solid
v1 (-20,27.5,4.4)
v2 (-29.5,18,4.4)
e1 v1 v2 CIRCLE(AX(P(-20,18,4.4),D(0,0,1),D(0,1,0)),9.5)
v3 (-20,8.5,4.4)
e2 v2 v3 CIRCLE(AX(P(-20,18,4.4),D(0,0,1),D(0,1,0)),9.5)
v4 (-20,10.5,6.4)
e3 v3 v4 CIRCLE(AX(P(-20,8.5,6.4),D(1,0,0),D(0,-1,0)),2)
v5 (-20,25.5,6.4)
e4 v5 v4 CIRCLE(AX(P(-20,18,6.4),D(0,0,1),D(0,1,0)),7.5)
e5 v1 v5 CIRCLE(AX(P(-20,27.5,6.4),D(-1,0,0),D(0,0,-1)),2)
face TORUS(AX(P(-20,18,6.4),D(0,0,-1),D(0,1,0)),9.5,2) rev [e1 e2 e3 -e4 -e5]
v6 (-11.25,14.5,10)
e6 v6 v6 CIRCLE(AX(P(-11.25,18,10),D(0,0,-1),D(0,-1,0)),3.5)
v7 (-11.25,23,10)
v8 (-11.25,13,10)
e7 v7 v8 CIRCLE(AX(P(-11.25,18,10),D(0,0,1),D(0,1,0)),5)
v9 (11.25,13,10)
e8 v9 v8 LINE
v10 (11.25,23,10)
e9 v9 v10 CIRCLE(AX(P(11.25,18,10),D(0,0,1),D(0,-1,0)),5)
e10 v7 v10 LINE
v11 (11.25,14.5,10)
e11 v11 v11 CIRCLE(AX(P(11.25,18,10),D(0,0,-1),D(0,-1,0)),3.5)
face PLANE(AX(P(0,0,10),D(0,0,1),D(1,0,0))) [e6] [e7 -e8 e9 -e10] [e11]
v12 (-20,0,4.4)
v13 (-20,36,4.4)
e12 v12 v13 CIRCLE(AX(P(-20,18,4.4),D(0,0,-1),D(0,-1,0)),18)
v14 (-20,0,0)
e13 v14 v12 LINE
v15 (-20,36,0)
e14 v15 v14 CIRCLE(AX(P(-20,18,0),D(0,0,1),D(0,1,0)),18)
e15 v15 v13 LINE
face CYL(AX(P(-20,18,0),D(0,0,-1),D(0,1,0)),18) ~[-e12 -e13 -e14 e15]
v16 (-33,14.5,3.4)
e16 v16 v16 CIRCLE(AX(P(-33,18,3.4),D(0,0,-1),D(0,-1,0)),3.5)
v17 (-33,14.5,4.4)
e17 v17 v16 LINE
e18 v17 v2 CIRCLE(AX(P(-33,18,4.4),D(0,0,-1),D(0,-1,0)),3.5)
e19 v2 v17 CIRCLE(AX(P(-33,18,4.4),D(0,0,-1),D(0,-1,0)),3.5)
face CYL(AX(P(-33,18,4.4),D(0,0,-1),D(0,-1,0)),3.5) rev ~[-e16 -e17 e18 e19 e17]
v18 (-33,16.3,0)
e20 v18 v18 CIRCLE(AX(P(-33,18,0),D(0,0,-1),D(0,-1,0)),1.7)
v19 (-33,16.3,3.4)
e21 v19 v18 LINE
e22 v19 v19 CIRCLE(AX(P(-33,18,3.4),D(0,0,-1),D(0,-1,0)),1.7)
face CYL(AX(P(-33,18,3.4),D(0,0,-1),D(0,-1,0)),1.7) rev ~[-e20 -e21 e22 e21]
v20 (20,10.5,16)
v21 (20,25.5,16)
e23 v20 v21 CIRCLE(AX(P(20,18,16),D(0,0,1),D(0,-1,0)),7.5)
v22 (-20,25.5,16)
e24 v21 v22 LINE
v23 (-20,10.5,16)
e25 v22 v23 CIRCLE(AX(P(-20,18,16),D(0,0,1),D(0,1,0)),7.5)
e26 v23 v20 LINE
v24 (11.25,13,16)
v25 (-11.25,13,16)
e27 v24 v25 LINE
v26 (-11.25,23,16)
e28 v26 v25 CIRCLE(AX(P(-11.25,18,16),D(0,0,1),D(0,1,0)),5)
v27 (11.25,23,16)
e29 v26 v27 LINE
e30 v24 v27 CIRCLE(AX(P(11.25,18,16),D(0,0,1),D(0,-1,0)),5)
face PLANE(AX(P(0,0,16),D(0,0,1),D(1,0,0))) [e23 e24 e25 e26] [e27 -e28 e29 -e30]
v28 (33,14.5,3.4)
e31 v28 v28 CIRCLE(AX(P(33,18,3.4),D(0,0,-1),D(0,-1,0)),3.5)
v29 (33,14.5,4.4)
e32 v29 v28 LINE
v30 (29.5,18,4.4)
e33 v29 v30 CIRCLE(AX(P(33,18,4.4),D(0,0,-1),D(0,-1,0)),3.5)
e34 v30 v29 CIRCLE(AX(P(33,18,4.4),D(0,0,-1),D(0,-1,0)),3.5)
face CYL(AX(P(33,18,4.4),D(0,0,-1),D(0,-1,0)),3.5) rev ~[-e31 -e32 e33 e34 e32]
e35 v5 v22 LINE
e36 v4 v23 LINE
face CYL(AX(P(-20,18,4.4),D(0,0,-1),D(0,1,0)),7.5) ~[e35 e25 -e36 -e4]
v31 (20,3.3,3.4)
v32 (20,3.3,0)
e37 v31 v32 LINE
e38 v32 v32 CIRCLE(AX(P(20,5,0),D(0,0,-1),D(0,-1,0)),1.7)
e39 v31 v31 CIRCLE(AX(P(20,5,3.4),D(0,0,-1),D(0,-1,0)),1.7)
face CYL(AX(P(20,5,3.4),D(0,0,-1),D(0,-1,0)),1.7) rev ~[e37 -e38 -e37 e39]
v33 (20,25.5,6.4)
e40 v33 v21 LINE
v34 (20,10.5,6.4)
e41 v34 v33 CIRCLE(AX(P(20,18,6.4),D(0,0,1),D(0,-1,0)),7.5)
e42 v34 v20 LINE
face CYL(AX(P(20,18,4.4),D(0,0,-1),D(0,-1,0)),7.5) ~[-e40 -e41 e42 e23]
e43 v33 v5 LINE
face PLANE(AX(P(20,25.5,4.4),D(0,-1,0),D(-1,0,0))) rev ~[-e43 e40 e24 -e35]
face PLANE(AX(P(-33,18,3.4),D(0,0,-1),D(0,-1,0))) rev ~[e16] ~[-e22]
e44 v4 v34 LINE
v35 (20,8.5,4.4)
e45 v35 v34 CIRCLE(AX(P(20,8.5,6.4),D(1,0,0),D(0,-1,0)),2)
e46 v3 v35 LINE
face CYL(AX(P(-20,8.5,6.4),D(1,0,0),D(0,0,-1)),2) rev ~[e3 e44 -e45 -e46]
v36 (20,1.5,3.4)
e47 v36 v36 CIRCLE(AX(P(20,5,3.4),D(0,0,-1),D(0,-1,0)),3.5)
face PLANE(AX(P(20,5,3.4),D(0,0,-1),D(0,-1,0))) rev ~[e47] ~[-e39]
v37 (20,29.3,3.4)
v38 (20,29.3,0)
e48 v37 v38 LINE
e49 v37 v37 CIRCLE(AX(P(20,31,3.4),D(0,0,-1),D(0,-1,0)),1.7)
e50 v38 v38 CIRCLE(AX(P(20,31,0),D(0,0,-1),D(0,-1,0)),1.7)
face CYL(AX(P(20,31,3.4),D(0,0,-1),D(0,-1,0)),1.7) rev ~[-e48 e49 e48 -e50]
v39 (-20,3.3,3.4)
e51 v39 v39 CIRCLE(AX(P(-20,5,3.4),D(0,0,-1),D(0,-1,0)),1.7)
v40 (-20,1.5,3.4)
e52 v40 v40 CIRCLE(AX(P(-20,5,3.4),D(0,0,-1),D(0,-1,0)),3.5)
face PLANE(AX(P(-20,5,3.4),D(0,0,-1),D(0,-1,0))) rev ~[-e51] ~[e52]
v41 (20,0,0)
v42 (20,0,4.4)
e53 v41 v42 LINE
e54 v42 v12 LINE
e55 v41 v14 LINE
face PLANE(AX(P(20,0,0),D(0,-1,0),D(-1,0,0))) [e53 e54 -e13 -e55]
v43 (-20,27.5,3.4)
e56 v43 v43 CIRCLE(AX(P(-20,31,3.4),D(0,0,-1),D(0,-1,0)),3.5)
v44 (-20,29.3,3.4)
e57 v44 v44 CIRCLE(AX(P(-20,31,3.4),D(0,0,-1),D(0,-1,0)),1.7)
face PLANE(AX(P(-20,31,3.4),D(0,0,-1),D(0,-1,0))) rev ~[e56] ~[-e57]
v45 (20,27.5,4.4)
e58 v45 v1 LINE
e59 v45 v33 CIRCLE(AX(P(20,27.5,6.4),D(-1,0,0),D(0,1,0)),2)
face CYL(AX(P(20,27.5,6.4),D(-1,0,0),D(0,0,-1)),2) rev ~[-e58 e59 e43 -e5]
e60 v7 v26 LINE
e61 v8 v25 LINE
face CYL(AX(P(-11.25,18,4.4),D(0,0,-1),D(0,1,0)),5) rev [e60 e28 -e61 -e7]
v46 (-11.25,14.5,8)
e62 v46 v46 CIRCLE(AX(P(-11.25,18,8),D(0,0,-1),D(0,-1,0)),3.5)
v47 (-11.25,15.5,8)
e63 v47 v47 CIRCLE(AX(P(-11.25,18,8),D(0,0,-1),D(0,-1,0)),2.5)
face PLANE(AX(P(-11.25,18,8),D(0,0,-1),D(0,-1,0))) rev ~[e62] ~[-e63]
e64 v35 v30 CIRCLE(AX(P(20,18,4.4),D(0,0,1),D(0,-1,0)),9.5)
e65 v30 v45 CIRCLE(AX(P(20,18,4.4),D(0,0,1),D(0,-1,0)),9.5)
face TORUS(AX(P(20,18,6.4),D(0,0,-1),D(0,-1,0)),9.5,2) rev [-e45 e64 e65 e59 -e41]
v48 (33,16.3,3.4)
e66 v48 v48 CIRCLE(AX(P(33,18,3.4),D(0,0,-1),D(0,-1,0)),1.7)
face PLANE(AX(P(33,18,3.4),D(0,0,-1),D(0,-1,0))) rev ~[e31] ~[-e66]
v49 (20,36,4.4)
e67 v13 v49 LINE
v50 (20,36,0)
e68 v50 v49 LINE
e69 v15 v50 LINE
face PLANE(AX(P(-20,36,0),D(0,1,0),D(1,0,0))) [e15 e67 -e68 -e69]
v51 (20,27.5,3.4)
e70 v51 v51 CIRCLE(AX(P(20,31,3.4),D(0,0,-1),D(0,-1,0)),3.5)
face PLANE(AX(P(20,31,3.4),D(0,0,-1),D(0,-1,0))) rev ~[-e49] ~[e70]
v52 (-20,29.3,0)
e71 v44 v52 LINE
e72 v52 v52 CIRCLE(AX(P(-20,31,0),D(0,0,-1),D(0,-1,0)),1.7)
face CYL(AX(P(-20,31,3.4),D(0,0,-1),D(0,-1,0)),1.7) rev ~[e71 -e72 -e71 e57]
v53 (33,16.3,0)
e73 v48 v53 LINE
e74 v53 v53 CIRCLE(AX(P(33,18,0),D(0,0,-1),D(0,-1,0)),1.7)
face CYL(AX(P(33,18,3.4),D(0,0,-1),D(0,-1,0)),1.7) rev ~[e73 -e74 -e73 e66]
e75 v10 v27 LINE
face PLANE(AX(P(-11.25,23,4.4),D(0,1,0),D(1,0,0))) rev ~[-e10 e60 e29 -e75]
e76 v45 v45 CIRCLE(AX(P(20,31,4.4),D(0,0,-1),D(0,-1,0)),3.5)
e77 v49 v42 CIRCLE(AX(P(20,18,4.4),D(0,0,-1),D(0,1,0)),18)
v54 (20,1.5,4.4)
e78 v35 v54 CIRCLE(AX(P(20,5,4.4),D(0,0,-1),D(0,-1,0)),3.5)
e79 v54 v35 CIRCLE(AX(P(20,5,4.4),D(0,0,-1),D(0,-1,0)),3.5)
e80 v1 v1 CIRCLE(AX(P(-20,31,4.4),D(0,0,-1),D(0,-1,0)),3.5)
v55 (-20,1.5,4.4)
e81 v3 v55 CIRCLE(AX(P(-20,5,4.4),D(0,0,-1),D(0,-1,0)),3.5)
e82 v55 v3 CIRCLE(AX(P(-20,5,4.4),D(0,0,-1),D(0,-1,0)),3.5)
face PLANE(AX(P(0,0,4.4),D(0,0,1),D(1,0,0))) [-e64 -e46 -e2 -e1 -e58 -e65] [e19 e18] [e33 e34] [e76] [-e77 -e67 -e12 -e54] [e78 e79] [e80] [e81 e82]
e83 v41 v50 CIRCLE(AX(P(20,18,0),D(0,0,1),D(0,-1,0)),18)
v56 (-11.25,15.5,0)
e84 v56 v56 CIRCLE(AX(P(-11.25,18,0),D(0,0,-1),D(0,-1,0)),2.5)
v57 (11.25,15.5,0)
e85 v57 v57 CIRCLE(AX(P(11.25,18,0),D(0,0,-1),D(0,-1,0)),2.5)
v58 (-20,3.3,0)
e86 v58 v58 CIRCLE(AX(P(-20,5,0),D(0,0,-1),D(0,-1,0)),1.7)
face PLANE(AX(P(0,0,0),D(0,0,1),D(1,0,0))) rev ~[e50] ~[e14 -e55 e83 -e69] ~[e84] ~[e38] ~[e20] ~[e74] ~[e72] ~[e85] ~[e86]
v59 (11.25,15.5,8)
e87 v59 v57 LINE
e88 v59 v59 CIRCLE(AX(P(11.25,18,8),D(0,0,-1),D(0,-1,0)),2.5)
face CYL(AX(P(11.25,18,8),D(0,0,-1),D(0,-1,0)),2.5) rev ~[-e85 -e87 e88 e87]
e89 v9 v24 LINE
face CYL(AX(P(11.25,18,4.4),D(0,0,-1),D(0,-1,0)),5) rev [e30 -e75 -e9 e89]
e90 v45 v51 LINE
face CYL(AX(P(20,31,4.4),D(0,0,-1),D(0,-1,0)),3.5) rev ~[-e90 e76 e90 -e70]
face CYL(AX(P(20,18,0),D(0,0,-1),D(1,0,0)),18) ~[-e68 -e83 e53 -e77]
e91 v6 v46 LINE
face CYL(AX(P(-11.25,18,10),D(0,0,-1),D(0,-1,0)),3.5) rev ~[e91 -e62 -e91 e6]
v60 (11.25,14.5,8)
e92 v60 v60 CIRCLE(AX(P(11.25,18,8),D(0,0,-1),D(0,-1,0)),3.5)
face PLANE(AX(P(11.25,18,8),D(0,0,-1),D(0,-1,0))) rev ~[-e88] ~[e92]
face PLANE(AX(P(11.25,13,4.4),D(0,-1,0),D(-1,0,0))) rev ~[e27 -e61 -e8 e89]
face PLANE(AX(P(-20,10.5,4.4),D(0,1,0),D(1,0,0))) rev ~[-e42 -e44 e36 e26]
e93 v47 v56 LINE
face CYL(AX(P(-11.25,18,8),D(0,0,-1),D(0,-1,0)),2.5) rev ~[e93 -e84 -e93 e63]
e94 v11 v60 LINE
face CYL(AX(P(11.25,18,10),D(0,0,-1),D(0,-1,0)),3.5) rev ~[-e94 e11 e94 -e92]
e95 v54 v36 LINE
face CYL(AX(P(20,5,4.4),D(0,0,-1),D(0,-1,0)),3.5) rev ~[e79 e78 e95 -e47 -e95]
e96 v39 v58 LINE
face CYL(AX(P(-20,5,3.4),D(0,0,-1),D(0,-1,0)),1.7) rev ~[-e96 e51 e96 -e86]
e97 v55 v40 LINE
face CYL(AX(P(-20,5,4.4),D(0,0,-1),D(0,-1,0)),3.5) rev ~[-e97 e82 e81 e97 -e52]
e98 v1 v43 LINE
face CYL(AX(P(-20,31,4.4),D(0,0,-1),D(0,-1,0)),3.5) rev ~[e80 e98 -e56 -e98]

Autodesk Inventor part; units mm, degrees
ref_plane "YZ Plane" through (0, 0, 0) normal (1, 0, 0) x (0, 1, 0)
ref_plane "XZ Plane" through (0, 0, 0) normal (0, 1, 0) x (-1, 0, 0)
ref_plane "XY Plane" through (0, 0, 0) normal (0, 0, 1) x (1, 0, 0)
sketch "Skizze1" plane through (0, 0, 0) normal (0, 0, 1) x (1, 0, 0)
  line L0 (-20, 36) -> (20, 36)
  line L1 (38, 18) -> (38, 18)
  line L2 (20, 0) -> (-20, 0)
  line L3 (-38, 18) -> (-38, 18)
  arc A0 (-20, 36) -> (-38, 18) centre (-20, 18) ccw
  arc A1 (-38, 18) -> (-20, 0) centre (-20, 18) ccw
  arc A2 (38, 18) -> (20, 36) centre (20, 18) ccw
  arc A3 (20, 0) -> (38, 18) centre (20, 18) ccw
  point P0 (0, 0)
  point P1 (0, 0)
  point P2 (38, 18)
  dimension "d0" = 36
  dimension "d1" = 18
  dimension "d2" = 40
extrude "Extrusion1" add sketch "Skizze1" along normal blind 4.4
sketch "Skizze2" plane through (0, 0, 4.4) normal (0, 0, 1) x (1, 0, 0)
  line L0 (-11.25, 18) -> (11.25, 18) construction
  line L1 (-11.25, 23) -> (11.25, 23)
  line L2 (11.25, 13) -> (-11.25, 13)
  arc A0 (-11.25, 23) -> (-11.25, 13) centre (-11.25, 18) ccw
  arc A1 (11.25, 13) -> (11.25, 23) centre (11.25, 18) ccw
  arc A2 (-20, 36) -> (-20, 0) centre (-20, 18) ccw projected
  line L3 (-20, 0) -> (20, 0) projected
  line L4 (-20, 18) -> (20, 18) construction
  line L5 (-20, 10.5) -> (20, 10.5)
  line L6 (20, 25.5) -> (-20, 25.5)
  arc A3 (-20, 25.5) -> (-20, 10.5) centre (-20, 18) ccw
  arc A4 (20, 10.5) -> (20, 25.5) centre (20, 18) ccw
  point P0 (0, 0)
  point P1 (0, 18)
  point P2 (-38, 18)
  point P3 (0, 0)
  point P4 (0, 18)
  dimension "d5" = 22.5
  dimension "d6" = 5
  dimension "d7" = 7.5
extrude "Extrusion3" add sketch "Skizze2" along normal blind 5.6 contours L1 A1 L2 A0
extrude "Extrusion4" add sketch "Skizze2" along normal blind 11.6
fillet "Rundung1" radius 2 4 edges at (27.5, 18, 4.4) (0, 10.5, 4.4) (-27.5, 18, 4.4) (0, 25.5, 4.4)
sketch "Skizze3" plane through (0, 0, 10) normal (0, 0, 1) x (1, 0, 0)
  arc A0 (-11.25, 23) -> (-11.25, 13) centre (-11.25, 18) ccw projected
  point P0 (0, 0)
hole "Bohrung1" at (-11.25, 18, 10) direction (0, 0, -1) diameter 5 depth 10 counterbore diameter 7 counterbore depth 2
sketch "Skizze4" plane through (0, 0, 10) normal (0, 0, 1) x (1, 0, 0)
  arc A0 (11.25, 13) -> (11.25, 23) centre (11.25, 18) ccw projected
  point P0 (0, 0)
hole "Bohrung2" at (11.25, 18, 10) direction (0, 0, -1) diameter 5 depth 10 counterbore diameter 7 counterbore depth 2
sketch "Skizze5" plane through (0, 0, 4.4) normal (0, 0, 1) x (1, 0, 0)
  arc A0 (-20, 31) -> (-20, 5) centre (-20, 18) ccw construction
  line L0 (-20, 31) -> (20, 31) construction
  arc A1 (20, 10.5) -> (20, 25.5) centre (20, 18) ccw construction
  line L1 (20, 25.5) -> (-20, 25.5) construction
  arc A2 (-20, 25.5) -> (-20, 10.5) centre (-20, 18) ccw construction
  line L2 (-20, 10.5) -> (20, 10.5) construction
  line L3 (11.25, 13) -> (-11.25, 13) construction
  arc A3 (-11.25, 23) -> (-11.25, 13) centre (-11.25, 18) ccw construction
  line L4 (-11.25, 23) -> (11.25, 23) construction
  arc A4 (11.25, 13) -> (11.25, 23) centre (11.25, 18) ccw construction
  arc A5 (20, 5) -> (20, 31) centre (20, 18) ccw construction
  line L5 (-20, 5) -> (20, 5) construction
  arc A6 (-20, 27.5) -> (-20, 8.5) centre (-20, 18) ccw construction
  point P0 (0, 0)
  point P1 (20, 8.5)
  point P2 (-33, 18)
  point P3 (33, 18)
  dimension "d30" = 13
hole "Bohrung3" at (-33, 18, 4.4) at (33, 18, 4.4) at (-20, 31, 4.4) at (-20, 5, 4.4) at (20, 31, 4.4) at (20, 5, 4.4) direction (0, 0, -1) diameter 3.4 end through all counterbore diameter 7 counterbore depth 1
properties material "Stahl, galvanisiert"
